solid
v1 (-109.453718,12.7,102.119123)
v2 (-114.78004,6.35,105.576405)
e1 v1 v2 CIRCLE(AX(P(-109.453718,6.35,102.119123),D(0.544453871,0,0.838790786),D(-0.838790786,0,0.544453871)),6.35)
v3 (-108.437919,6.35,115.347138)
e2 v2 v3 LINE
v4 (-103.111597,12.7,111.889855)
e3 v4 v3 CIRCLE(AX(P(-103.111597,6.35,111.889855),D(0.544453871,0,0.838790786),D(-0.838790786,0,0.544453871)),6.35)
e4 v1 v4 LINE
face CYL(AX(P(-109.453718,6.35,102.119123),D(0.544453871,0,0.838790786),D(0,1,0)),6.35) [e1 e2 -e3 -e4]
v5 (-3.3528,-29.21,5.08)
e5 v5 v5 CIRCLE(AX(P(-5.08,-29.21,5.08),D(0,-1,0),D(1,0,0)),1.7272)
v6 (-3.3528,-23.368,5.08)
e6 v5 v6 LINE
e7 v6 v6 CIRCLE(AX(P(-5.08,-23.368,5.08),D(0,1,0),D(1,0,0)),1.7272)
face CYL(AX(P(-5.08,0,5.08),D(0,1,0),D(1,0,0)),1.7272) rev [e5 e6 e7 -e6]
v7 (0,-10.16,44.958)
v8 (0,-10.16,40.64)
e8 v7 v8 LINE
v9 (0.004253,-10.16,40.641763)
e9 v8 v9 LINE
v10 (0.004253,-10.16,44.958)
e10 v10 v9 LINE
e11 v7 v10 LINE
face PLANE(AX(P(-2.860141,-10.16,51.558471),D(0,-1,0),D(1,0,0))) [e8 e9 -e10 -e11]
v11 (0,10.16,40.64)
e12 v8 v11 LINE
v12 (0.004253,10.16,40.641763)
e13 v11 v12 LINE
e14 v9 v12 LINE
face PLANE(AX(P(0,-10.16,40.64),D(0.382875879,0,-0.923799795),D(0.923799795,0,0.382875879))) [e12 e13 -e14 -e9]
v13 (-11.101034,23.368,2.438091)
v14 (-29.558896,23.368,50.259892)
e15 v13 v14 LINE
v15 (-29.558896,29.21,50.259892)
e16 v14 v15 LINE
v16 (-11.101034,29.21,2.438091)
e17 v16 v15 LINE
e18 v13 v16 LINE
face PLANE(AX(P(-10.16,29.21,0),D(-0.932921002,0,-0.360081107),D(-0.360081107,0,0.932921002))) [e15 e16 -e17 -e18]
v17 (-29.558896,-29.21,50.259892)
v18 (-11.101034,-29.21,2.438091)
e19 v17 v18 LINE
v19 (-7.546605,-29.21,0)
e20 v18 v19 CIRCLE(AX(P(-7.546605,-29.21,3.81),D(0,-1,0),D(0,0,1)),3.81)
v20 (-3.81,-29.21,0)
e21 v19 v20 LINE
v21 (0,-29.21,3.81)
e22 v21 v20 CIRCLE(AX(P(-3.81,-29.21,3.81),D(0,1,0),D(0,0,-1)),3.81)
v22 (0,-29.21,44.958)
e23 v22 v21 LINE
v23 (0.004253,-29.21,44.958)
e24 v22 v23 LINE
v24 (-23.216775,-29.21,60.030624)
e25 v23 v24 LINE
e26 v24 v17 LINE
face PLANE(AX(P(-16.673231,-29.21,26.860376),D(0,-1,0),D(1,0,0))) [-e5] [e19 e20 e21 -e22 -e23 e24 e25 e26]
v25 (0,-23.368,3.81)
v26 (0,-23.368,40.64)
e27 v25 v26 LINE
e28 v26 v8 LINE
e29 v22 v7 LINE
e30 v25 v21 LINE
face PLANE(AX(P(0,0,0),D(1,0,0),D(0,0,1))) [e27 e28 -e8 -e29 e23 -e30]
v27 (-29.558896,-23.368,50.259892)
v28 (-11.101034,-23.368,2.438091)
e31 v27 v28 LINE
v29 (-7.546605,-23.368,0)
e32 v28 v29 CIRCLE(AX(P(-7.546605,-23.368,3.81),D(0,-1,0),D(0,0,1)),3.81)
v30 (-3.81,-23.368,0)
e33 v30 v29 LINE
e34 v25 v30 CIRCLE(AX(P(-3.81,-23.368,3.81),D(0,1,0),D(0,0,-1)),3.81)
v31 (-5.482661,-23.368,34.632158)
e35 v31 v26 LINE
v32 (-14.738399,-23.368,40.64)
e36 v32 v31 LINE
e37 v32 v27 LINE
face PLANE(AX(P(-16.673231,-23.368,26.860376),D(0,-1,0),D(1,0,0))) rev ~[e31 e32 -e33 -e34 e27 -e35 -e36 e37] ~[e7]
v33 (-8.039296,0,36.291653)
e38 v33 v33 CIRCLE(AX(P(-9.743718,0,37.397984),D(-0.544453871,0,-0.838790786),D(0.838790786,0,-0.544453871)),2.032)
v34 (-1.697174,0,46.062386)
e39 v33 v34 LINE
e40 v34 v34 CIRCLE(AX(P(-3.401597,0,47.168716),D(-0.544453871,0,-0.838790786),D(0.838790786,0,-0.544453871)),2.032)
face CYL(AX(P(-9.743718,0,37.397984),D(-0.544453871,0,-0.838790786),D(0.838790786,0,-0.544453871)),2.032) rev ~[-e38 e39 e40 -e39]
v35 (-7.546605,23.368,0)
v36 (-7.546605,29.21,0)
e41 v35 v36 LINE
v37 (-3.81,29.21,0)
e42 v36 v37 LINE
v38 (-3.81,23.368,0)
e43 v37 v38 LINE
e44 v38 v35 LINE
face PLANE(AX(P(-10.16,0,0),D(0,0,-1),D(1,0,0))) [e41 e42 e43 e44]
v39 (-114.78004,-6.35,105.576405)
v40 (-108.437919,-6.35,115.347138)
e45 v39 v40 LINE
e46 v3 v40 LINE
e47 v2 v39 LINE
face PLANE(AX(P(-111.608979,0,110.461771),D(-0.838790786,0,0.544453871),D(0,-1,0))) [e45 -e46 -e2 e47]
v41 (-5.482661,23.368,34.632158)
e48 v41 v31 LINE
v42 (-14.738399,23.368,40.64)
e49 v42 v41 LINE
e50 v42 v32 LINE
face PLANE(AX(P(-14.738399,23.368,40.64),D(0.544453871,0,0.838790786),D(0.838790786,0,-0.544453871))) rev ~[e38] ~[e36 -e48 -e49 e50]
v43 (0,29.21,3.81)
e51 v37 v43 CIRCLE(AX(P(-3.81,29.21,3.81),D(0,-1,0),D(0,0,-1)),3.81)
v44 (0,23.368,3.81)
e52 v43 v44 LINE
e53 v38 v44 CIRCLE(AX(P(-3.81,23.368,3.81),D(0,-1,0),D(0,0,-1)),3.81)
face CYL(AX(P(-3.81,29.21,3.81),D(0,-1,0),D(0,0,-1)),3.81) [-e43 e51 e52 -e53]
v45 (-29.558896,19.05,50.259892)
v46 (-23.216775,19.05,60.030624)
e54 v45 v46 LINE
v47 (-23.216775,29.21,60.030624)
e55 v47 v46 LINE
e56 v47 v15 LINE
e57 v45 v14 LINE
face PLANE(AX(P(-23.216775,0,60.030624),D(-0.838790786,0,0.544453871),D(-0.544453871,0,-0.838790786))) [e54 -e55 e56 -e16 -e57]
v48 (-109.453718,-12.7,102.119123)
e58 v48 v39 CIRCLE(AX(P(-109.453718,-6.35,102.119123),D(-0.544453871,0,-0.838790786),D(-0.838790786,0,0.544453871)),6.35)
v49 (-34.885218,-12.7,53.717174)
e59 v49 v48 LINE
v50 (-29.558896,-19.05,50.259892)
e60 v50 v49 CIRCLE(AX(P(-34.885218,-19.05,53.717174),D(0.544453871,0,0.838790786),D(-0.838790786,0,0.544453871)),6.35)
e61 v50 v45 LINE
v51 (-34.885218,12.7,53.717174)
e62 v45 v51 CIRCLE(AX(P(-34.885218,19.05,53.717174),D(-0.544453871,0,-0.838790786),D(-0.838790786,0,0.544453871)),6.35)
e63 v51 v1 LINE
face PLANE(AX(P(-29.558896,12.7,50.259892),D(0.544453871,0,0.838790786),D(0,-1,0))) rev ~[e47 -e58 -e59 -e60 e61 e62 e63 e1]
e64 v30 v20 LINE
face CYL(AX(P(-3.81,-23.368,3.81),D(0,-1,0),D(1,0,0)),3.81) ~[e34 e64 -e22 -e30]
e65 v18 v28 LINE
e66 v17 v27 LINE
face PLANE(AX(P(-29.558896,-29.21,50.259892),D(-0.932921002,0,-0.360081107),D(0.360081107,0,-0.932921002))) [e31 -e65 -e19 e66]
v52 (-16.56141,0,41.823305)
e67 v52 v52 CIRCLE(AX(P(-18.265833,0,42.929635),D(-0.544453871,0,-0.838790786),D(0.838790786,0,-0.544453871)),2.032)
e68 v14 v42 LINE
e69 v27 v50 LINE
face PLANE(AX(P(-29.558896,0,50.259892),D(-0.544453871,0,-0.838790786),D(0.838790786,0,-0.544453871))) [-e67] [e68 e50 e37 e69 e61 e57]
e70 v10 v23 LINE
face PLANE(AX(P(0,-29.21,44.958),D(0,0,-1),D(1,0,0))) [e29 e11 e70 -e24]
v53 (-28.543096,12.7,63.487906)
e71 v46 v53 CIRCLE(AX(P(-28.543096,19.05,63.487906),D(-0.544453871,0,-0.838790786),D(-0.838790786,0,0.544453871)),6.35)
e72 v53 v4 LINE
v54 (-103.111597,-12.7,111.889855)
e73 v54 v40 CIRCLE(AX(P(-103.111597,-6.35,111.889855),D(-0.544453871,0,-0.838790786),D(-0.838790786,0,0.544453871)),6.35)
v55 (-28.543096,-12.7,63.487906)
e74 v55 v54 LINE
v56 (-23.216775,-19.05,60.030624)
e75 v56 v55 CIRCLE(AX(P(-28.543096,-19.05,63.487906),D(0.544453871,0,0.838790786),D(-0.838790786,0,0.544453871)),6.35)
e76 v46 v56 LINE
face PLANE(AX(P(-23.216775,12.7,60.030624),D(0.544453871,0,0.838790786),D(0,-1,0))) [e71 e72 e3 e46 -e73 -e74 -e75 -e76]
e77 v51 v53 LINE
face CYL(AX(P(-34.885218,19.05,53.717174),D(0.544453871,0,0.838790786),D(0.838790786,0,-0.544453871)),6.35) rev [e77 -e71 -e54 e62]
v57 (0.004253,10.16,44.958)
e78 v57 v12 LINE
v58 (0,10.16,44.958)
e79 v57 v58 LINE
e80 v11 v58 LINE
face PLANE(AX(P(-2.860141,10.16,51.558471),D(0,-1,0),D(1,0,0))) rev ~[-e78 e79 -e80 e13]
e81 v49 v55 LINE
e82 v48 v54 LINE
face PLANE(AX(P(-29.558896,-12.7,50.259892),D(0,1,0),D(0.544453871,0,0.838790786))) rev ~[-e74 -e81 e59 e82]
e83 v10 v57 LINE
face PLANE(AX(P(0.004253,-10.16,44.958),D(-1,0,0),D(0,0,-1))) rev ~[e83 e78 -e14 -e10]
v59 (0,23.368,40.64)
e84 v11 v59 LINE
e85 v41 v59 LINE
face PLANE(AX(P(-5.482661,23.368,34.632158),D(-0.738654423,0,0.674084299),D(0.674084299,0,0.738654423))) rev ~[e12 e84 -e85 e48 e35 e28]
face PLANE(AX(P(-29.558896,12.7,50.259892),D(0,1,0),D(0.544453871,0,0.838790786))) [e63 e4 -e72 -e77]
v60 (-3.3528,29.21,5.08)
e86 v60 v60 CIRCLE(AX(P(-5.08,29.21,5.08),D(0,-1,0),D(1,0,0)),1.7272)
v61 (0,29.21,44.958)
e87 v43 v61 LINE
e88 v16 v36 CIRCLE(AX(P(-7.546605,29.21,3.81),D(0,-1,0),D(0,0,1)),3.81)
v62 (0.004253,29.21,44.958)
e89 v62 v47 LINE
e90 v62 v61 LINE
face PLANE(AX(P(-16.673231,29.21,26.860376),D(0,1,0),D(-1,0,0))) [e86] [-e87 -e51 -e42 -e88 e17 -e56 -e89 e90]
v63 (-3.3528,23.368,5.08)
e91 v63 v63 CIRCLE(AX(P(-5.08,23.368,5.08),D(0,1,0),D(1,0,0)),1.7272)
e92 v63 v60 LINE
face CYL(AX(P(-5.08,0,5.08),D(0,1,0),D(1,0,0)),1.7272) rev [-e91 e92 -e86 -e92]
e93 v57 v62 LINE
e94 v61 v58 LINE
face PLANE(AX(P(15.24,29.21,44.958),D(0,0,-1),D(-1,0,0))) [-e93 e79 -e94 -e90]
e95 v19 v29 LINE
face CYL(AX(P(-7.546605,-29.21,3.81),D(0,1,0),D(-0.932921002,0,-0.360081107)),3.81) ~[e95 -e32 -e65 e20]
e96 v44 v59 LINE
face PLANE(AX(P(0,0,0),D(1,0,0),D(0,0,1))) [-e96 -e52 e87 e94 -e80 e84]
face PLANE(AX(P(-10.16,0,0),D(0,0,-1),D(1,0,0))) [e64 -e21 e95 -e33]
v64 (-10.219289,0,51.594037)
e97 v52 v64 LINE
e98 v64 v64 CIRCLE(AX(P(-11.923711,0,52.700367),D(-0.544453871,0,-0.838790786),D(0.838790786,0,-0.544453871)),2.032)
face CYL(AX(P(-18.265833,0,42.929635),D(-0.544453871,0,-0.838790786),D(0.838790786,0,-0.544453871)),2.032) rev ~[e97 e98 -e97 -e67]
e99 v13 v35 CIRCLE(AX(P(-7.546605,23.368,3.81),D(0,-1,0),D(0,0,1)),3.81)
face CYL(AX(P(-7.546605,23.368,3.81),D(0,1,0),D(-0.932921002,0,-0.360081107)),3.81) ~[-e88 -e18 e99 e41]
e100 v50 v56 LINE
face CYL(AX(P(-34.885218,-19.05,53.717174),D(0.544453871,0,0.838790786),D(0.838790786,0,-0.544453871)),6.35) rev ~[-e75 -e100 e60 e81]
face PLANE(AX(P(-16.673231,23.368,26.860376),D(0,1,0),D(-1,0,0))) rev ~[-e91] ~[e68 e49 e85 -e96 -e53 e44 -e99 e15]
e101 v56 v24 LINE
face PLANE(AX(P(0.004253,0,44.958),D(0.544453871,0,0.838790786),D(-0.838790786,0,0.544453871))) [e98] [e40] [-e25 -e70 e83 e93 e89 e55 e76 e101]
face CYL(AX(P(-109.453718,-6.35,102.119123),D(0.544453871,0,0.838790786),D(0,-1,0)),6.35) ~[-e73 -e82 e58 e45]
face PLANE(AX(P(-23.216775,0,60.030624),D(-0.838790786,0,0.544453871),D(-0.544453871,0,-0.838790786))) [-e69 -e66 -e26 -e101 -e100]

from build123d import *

# Parameters (mm, degrees)
F0_R      = 1.7272
F1_DEPTH  = 29.21
F2_W      = 46.736
F2_H      = 40.64
F3_DEPTH  = 25.4
F4_W      = 15.24
F4_H      = 6.35
F5_DEPTH  = 19.05
F6_W      = 15.24
F6_H      = 6.35
F7_DEPTH  = 19.05
F9_DEPTH  = 20.32
F11_DEPTH = 10.16
F12_SIZE2 = 0.8244325429
F12_SIZE  = 1.27
F13_W     = 25.4
F13_H     = 11.6485927218
F14_DEPTH = 101.6
F15_R     = 2.54
F16_R     = 6.35
F17_R     = 0.79502
F19_DEPTH = 5.842
F21_DEPTH = 5.842
F22_R     = 3.81
F24_DEPTH = 25.4
F26_DEPTH = 46.736
F27_R     = 2.032
F28_DEPTH = 70.6913527338


with BuildPart() as f1:
    # F0 (on Front) → F1 (new body, symmetric)
    with BuildSketch(Plane.XZ):
        Polygon((-10.16, 0), (0, 0), (0, 29.21), (0, 41.8084), (6.35, 41.8084), (6.35, 39.878), (10.16, 39.878), (12.7, 44.958), (0.0042528918, 44.958), (-10.16, 44.958), (-10.16, 37.6681894868), align=None)
        with Locations((-5.08, 5.08)):
            Circle(F0_R, mode=Mode.SUBTRACT)
        Polygon((-29.558896087, 50.2598920283), (-10.16, 37.6681894868), (-10.16, 44.958), (0.0042528918, 44.958), (-23.2167746872, 60.0306242704), align=None)
    extrude(amount=F1_DEPTH, both=True)

    # F2 (on face) → F3 (cut)
    with BuildSketch(Plane.YZ):
        with Locations((0, 20.32)):
            Rectangle(F2_W, F2_H)
    extrude(amount=-F3_DEPTH, mode=Mode.SUBTRACT)

    # F4 (on face) → F5 (cut)
    with BuildSketch(Plane(origin=(0, 29.21, 0), x_dir=(-1, 0, 0), z_dir=(0, 1, 0))):
        with Locations((-7.62, 41.783)):
            Rectangle(F4_W, F4_H)
    extrude(amount=-F5_DEPTH, mode=Mode.SUBTRACT)

    # F6 (on face) → F7 (cut)
    with BuildSketch(Plane.XZ.offset(29.21)):
        with Locations((7.62, 41.783)):
            Rectangle(F6_W, F6_H)
    extrude(amount=-F7_DEPTH, mode=Mode.SUBTRACT)

    # F8 (on face) → F9 (join)
    with BuildSketch(Plane.XZ.offset(10.16)):
        Polygon((2.8191059828, 41.8084), (0, 41.8084), (0, 40.64), align=None)
    extrude(amount=-F9_DEPTH)

    # F10 (on Front) → F11 (join, symmetric)
    with BuildSketch(Plane.XZ):
        Polygon((0.0042528918, 44.958), (12.7, 44.958), (-13.1833395176, 61.7587143563), (-16.9467400578, 55.9607838721), align=None)
    extrude(amount=F11_DEPTH, both=True)

    # F12
    f12_edges = [f1.edges().sort_by_distance(p)[0] for p in [
        (6.35, 0, 39.878),
    ]]
    f12_side = f1.faces().sort_by_distance((8.255, 0, 39.878))[0]
    chamfer(f12_edges, length=F12_SIZE, length2=F12_SIZE2, reference=f12_side)

    # F13 (on face) → F14 (join)
    with BuildSketch(Plane(origin=(-43.749584755, 0, 28.3975827839), x_dir=(0, -1, 0), z_dir=(-0.8387907858, 0, 0.5444538711))):
        with Locations((0, 31.888375289)):
            Rectangle(F13_W, F13_H)
    extrude(amount=F14_DEPTH)

    # F15
    f15_edges = [f1.edges().sort_by_distance(p)[0] for p in [
        (-13.18334, 0, 61.758714),
    ]]
    fillet(f15_edges, radius=F15_R)

    # F16
    f16_edges = [f1.edges().sort_by_distance(p)[0] for p in [
        (-26.387835, -12.7, 55.145258),
        (-26.387835, 12.7, 55.145258),
        (-111.608979, 12.7, 110.461771),
        (-111.608979, -12.7, 110.461771),
    ]]
    fillet(f16_edges, radius=F16_R)

    # F17
    f17_edges = [f1.edges().sort_by_distance(p)[0] for p in [
        (6.35, 0, 41.8084),
    ]]
    fillet(f17_edges, radius=F17_R)

    # F18 (on face) → F19 (join)
    with BuildSketch(Plane.XZ.offset(29.21)):
        Polygon((-10.16, 37.6681894868), (-29.558896087, 50.2598920283), (-10.16, 0), align=None)
    extrude(amount=-F19_DEPTH)

    # F20 (on face) → F21 (join)
    with BuildSketch(Plane(origin=(0, 29.21, 0), x_dir=(-1, 0, 0), z_dir=(0, 1, 0))):
        Polygon((10.16, 0), (29.558896087, 50.2598920283), (10.16, 37.6681894868), align=None)
    extrude(amount=-F21_DEPTH)

    # F22
    f22_edges = [f1.edges().sort_by_distance(p)[0] for p in [
        (0, -26.289, 0),
        (0, 26.289, 0),
        (-10.16, -26.289, 0),
        (-10.16, 26.289, 0),
    ]]
    fillet(f22_edges, radius=F22_R)

    # F23 (on face) → F24 (cut)
    with BuildSketch(Plane.XZ.offset(10.16)):
        with BuildLine():
            Line((-12.2835052774, 63.1450075017), (-14.5662523501, 59.6281857605))
            ThreePointArc((-14.5662523501, 59.6281857605), (-12.9643679303, 60.7296511872), (-11.0528109218, 60.3758015238))
            Line((-11.0528109218, 60.3758015238), (12.7, 44.958))
            Line((12.7, 44.958), (10.16, 39.878))
            Line((10.16, 39.878), (7.62, 39.878))
            Line((7.62, 39.878), (6.35, 40.7024325429))
            Line((6.35, 40.7024325429), (6.35, 41.01338))
            ThreePointArc((6.35, 41.01338), (6.1171440332, 41.5755440332), (5.55498, 41.8084))
            Line((5.55498, 41.8084), (2.8191059828, 41.8084))
            Line((2.8191059828, 41.8084), (0.0042528918, 40.6417626435))
            Line((0.0042528918, 40.6417626435), (0.0042528918, 37.8040261567))
            Line((0.0042528918, 37.8040261567), (17.359075731, 37.8040261567))
            Line((17.359075731, 37.8040261567), (17.359075731, 44.7986531364))
            Line((17.359075731, 44.7986531364), (-12.2835052774, 63.1450075017))
        make_face()
        with BuildLine():
            Line((-14.5662523501, 59.6281857605), (-16.9467400578, 55.9607838721))
            Line((-16.9467400578, 55.9607838721), (0.0042528918, 44.958))
            Line((0.0042528918, 44.958), (0.0042528918, 40.6417626435))
            Line((0.0042528918, 40.6417626435), (2.8191059828, 41.8084))
            Line((2.8191059828, 41.8084), (5.55498, 41.8084))
            ThreePointArc((5.55498, 41.8084), (6.1171440332, 41.5755440332), (6.35, 41.01338))
            Line((6.35, 41.01338), (6.35, 40.7024325429))
            Line((6.35, 40.7024325429), (7.62, 39.878))
            Line((7.62, 39.878), (10.16, 39.878))
            Line((10.16, 39.878), (12.7, 44.958))
            Line((12.7, 44.958), (-11.0528109218, 60.3758015238))
            ThreePointArc((-11.0528109218, 60.3758015238), (-12.9643679303, 60.7296511872), (-14.5662523501, 59.6281857605))
        make_face()
    extrude(amount=-F24_DEPTH, mode=Mode.SUBTRACT)

    # F25 (on face) → F26 (join)
    with BuildSketch(Plane.XZ.offset(-23.368)):
        Polygon((0, 40.64), (-14.738399398, 40.64), (-5.4826612016, 34.6321580255), align=None)
    extrude(amount=F26_DEPTH)

    # F27 (on face) → F28 (cut, through all)
    with BuildSketch(Plane(origin=(14.190688668, 0, 21.8623092444), x_dir=(0.8387907858, 0, -0.5444538711), z_dir=(-0.5444538711, 0, -0.8387907858))):
        with Locations((-28.5344181975, 0)):
            Circle(F27_R)
        with Locations((-38.6944181975, 0)):
            Circle(F27_R)
    extrude(amount=-F28_DEPTH, mode=Mode.SUBTRACT)


solid = f1.part
